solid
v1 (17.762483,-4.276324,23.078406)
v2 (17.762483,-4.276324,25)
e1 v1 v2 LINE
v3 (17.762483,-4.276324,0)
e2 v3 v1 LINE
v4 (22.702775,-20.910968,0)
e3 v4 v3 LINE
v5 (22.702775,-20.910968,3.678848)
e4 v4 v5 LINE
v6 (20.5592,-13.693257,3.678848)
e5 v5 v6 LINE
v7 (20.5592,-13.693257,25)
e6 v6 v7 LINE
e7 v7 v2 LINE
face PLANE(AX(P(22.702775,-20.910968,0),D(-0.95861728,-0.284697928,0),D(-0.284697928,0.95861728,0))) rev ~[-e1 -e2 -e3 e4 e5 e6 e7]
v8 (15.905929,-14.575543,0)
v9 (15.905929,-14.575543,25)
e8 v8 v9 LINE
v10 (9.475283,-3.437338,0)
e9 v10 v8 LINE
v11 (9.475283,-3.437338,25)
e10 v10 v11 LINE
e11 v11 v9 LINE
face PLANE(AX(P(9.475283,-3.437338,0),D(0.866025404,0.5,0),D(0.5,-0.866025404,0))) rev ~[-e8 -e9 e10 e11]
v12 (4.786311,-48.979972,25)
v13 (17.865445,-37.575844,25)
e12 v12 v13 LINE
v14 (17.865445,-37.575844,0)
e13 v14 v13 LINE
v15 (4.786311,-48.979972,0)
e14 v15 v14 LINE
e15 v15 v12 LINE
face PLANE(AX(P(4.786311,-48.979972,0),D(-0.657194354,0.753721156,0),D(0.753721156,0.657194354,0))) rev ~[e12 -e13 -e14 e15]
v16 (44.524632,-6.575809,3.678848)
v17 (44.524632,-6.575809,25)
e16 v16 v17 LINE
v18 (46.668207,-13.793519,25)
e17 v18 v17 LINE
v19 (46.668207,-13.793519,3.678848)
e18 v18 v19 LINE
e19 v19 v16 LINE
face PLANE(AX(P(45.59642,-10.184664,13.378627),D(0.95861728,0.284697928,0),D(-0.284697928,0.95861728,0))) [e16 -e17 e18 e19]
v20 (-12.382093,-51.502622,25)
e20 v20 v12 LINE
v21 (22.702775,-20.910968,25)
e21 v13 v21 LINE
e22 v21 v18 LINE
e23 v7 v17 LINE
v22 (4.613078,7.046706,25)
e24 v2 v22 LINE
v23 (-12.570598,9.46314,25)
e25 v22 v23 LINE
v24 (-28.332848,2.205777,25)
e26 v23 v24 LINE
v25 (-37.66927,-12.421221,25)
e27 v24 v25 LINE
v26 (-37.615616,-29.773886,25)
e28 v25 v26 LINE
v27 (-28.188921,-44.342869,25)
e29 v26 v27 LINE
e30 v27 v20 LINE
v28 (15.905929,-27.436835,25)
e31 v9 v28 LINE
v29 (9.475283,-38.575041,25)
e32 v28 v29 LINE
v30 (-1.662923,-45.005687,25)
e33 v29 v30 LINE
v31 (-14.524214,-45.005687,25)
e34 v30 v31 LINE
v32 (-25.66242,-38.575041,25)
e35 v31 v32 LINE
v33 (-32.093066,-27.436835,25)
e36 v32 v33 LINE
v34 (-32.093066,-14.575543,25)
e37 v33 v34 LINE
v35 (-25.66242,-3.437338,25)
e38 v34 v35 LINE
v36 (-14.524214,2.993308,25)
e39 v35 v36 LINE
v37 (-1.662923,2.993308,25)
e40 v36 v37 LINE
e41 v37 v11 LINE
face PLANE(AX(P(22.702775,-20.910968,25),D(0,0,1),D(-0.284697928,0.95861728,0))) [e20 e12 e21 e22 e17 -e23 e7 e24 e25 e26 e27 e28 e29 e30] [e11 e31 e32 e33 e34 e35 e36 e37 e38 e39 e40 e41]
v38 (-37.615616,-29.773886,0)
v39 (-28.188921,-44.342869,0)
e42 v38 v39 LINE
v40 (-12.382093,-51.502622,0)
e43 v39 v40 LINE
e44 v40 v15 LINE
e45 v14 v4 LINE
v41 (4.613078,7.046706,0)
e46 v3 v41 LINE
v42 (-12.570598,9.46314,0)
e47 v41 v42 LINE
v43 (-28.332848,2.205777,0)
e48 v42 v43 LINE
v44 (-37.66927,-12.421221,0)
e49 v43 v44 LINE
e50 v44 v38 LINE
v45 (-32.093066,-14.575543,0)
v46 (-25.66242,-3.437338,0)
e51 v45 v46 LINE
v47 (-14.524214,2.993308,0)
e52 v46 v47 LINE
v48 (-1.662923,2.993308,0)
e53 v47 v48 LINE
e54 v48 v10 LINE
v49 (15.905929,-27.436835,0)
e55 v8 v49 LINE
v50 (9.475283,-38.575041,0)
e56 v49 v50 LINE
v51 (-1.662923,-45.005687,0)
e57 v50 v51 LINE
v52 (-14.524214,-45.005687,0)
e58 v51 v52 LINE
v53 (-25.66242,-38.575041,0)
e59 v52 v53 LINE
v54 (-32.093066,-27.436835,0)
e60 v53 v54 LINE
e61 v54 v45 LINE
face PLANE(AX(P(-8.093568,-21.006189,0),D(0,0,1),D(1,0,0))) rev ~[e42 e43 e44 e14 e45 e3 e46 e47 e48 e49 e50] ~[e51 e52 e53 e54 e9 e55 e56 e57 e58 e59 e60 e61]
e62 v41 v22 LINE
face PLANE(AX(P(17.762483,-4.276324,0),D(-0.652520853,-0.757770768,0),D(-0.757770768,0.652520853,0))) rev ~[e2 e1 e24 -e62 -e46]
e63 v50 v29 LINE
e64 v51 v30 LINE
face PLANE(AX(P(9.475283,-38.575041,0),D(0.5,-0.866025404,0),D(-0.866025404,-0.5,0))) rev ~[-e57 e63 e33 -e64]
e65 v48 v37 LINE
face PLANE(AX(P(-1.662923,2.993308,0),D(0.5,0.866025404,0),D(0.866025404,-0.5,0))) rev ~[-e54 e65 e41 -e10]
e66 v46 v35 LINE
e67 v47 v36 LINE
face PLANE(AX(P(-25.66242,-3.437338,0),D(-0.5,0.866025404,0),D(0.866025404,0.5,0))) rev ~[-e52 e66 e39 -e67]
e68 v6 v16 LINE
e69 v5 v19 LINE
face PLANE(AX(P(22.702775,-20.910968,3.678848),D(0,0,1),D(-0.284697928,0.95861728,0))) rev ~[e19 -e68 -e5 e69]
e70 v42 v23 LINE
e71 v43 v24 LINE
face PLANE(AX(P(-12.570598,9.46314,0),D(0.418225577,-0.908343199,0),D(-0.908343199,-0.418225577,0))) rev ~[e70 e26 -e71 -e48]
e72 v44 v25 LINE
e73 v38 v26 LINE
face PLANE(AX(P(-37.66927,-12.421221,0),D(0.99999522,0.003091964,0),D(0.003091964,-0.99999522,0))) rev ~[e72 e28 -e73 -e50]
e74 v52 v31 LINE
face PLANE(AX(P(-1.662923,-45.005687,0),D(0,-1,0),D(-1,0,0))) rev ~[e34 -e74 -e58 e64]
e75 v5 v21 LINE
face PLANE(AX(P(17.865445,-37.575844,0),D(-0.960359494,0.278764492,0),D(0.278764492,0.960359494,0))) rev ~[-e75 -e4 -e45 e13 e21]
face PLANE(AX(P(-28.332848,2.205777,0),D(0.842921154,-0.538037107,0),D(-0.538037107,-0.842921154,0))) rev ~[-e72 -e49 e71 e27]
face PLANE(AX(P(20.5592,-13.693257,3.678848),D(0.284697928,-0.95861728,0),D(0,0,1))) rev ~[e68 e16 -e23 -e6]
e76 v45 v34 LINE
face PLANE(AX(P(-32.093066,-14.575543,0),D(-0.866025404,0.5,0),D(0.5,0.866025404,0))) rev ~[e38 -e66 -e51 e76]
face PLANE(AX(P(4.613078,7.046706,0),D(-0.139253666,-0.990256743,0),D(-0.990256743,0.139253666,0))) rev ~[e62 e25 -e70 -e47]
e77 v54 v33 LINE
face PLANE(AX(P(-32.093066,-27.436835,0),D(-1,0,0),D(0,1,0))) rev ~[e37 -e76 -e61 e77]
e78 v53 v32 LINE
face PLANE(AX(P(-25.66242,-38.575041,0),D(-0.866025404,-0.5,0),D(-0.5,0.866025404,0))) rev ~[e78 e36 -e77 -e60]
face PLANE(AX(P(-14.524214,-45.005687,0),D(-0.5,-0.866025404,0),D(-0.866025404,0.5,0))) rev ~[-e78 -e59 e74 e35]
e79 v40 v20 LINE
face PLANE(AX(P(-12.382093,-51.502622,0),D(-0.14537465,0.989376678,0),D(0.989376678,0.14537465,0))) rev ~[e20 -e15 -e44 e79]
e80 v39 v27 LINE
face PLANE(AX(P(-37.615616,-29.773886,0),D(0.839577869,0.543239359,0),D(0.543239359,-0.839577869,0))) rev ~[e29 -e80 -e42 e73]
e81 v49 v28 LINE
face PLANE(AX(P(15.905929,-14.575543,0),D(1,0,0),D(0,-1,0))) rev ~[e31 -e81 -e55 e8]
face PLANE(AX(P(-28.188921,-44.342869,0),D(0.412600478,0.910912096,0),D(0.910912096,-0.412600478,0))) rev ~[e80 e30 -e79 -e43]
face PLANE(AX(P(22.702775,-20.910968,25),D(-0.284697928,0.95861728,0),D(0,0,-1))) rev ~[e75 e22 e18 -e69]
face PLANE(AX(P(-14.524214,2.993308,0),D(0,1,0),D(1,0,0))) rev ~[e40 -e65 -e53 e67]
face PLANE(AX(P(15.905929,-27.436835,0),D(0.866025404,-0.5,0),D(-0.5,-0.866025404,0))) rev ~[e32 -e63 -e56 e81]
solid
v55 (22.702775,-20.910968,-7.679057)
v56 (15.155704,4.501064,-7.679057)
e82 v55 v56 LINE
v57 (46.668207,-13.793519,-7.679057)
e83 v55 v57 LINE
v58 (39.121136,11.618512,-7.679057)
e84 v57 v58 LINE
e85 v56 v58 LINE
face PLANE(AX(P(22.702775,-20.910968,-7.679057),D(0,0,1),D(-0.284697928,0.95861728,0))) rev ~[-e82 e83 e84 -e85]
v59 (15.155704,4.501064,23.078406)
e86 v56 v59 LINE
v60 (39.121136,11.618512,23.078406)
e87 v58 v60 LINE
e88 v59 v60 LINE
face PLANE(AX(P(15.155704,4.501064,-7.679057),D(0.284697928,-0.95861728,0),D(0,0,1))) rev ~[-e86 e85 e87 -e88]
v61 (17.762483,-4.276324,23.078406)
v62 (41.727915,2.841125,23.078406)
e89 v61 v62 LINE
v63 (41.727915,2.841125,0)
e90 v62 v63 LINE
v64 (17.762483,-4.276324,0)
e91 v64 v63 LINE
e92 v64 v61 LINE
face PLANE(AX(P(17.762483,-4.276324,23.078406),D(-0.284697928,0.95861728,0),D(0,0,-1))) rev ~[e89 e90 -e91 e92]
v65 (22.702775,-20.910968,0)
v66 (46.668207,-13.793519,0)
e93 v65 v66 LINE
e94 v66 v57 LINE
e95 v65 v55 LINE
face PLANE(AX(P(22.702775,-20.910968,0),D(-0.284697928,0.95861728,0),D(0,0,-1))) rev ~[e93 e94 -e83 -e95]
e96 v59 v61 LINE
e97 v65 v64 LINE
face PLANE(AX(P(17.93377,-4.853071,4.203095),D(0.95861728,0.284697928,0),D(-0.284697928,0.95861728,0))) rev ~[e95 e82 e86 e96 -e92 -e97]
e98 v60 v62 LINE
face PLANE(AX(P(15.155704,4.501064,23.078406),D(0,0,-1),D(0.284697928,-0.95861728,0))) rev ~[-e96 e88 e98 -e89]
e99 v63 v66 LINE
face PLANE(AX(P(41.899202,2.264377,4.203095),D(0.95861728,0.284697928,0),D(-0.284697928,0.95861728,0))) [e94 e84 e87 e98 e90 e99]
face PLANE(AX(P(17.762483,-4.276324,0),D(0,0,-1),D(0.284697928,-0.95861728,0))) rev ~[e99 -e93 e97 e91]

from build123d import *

# Parameters (mm, degrees)
F1_DEPTH = 25
F2_W     = 7.5292935522
F2_H     = 1.9215937704
F3_DEPTH = 25


with BuildPart() as f1:
    # F0 (on Top) → F1 (new body)
    with BuildSketch(Plane.XY):
        Polygon((22.7027747296, -20.9109676407), (17.7624833322, -4.2763235642), (4.6130781694, 7.0467063529), (-12.570597529, 9.4631401168), (-28.3328481427, 2.205777081), (-37.6692704726, -12.4212212686), (-37.615616397, -29.7738863054), (-28.1889207058, -44.3428694885), (-12.3820926751, -51.5026215965), (4.7863114811, -48.9799719237), (17.8654447493, -37.575843917), align=None)
        Polygon((9.4752828792, -38.5750406623), (-1.6629225776, -45.0056865811), (-14.5242144152, -45.0056865811), (-25.662419872, -38.5750406623), (-32.0930657908, -27.4368352055), (-32.0930657908, -14.5755433679), (-25.662419872, -3.4373379111), (-14.5242144152, 2.9933080077), (-1.6629225776, 2.9933080077), (9.4752828792, -3.4373379111), (15.905928798, -14.5755433679), (15.905928798, -27.4368352055), align=None, mode=Mode.SUBTRACT)
    extrude(amount=F1_DEPTH)

    # F2 (on face) → F3 (join)
    with BuildSketch(Plane(origin=(15.1557037318, 4.5010637092, 0), x_dir=(-0.284697928, 0.9586172801, 0), z_dir=(0.9586172801, 0.284697928, 0))):
        Polygon((-18.9797542989, 23.0784062296), (-26.5090478511, 23.0784062296), (-26.5090478511, 12.5), (-26.5090478511, 3.6788478028), (-18.9797542989, 3.6788478028), align=None)
        Polygon((0, 23.0784062296), (-9.1562998658, 23.0784062296), (-9.1562998658, 0), (-26.5090478511, 0), (-26.5090478511, -7.6790573075), (0, -7.6790573075), align=None)
        with Locations((-22.744401075, 24.0392031148)):
            Rectangle(F2_W, F2_H)
    extrude(amount=F3_DEPTH)


solid = f1.part
